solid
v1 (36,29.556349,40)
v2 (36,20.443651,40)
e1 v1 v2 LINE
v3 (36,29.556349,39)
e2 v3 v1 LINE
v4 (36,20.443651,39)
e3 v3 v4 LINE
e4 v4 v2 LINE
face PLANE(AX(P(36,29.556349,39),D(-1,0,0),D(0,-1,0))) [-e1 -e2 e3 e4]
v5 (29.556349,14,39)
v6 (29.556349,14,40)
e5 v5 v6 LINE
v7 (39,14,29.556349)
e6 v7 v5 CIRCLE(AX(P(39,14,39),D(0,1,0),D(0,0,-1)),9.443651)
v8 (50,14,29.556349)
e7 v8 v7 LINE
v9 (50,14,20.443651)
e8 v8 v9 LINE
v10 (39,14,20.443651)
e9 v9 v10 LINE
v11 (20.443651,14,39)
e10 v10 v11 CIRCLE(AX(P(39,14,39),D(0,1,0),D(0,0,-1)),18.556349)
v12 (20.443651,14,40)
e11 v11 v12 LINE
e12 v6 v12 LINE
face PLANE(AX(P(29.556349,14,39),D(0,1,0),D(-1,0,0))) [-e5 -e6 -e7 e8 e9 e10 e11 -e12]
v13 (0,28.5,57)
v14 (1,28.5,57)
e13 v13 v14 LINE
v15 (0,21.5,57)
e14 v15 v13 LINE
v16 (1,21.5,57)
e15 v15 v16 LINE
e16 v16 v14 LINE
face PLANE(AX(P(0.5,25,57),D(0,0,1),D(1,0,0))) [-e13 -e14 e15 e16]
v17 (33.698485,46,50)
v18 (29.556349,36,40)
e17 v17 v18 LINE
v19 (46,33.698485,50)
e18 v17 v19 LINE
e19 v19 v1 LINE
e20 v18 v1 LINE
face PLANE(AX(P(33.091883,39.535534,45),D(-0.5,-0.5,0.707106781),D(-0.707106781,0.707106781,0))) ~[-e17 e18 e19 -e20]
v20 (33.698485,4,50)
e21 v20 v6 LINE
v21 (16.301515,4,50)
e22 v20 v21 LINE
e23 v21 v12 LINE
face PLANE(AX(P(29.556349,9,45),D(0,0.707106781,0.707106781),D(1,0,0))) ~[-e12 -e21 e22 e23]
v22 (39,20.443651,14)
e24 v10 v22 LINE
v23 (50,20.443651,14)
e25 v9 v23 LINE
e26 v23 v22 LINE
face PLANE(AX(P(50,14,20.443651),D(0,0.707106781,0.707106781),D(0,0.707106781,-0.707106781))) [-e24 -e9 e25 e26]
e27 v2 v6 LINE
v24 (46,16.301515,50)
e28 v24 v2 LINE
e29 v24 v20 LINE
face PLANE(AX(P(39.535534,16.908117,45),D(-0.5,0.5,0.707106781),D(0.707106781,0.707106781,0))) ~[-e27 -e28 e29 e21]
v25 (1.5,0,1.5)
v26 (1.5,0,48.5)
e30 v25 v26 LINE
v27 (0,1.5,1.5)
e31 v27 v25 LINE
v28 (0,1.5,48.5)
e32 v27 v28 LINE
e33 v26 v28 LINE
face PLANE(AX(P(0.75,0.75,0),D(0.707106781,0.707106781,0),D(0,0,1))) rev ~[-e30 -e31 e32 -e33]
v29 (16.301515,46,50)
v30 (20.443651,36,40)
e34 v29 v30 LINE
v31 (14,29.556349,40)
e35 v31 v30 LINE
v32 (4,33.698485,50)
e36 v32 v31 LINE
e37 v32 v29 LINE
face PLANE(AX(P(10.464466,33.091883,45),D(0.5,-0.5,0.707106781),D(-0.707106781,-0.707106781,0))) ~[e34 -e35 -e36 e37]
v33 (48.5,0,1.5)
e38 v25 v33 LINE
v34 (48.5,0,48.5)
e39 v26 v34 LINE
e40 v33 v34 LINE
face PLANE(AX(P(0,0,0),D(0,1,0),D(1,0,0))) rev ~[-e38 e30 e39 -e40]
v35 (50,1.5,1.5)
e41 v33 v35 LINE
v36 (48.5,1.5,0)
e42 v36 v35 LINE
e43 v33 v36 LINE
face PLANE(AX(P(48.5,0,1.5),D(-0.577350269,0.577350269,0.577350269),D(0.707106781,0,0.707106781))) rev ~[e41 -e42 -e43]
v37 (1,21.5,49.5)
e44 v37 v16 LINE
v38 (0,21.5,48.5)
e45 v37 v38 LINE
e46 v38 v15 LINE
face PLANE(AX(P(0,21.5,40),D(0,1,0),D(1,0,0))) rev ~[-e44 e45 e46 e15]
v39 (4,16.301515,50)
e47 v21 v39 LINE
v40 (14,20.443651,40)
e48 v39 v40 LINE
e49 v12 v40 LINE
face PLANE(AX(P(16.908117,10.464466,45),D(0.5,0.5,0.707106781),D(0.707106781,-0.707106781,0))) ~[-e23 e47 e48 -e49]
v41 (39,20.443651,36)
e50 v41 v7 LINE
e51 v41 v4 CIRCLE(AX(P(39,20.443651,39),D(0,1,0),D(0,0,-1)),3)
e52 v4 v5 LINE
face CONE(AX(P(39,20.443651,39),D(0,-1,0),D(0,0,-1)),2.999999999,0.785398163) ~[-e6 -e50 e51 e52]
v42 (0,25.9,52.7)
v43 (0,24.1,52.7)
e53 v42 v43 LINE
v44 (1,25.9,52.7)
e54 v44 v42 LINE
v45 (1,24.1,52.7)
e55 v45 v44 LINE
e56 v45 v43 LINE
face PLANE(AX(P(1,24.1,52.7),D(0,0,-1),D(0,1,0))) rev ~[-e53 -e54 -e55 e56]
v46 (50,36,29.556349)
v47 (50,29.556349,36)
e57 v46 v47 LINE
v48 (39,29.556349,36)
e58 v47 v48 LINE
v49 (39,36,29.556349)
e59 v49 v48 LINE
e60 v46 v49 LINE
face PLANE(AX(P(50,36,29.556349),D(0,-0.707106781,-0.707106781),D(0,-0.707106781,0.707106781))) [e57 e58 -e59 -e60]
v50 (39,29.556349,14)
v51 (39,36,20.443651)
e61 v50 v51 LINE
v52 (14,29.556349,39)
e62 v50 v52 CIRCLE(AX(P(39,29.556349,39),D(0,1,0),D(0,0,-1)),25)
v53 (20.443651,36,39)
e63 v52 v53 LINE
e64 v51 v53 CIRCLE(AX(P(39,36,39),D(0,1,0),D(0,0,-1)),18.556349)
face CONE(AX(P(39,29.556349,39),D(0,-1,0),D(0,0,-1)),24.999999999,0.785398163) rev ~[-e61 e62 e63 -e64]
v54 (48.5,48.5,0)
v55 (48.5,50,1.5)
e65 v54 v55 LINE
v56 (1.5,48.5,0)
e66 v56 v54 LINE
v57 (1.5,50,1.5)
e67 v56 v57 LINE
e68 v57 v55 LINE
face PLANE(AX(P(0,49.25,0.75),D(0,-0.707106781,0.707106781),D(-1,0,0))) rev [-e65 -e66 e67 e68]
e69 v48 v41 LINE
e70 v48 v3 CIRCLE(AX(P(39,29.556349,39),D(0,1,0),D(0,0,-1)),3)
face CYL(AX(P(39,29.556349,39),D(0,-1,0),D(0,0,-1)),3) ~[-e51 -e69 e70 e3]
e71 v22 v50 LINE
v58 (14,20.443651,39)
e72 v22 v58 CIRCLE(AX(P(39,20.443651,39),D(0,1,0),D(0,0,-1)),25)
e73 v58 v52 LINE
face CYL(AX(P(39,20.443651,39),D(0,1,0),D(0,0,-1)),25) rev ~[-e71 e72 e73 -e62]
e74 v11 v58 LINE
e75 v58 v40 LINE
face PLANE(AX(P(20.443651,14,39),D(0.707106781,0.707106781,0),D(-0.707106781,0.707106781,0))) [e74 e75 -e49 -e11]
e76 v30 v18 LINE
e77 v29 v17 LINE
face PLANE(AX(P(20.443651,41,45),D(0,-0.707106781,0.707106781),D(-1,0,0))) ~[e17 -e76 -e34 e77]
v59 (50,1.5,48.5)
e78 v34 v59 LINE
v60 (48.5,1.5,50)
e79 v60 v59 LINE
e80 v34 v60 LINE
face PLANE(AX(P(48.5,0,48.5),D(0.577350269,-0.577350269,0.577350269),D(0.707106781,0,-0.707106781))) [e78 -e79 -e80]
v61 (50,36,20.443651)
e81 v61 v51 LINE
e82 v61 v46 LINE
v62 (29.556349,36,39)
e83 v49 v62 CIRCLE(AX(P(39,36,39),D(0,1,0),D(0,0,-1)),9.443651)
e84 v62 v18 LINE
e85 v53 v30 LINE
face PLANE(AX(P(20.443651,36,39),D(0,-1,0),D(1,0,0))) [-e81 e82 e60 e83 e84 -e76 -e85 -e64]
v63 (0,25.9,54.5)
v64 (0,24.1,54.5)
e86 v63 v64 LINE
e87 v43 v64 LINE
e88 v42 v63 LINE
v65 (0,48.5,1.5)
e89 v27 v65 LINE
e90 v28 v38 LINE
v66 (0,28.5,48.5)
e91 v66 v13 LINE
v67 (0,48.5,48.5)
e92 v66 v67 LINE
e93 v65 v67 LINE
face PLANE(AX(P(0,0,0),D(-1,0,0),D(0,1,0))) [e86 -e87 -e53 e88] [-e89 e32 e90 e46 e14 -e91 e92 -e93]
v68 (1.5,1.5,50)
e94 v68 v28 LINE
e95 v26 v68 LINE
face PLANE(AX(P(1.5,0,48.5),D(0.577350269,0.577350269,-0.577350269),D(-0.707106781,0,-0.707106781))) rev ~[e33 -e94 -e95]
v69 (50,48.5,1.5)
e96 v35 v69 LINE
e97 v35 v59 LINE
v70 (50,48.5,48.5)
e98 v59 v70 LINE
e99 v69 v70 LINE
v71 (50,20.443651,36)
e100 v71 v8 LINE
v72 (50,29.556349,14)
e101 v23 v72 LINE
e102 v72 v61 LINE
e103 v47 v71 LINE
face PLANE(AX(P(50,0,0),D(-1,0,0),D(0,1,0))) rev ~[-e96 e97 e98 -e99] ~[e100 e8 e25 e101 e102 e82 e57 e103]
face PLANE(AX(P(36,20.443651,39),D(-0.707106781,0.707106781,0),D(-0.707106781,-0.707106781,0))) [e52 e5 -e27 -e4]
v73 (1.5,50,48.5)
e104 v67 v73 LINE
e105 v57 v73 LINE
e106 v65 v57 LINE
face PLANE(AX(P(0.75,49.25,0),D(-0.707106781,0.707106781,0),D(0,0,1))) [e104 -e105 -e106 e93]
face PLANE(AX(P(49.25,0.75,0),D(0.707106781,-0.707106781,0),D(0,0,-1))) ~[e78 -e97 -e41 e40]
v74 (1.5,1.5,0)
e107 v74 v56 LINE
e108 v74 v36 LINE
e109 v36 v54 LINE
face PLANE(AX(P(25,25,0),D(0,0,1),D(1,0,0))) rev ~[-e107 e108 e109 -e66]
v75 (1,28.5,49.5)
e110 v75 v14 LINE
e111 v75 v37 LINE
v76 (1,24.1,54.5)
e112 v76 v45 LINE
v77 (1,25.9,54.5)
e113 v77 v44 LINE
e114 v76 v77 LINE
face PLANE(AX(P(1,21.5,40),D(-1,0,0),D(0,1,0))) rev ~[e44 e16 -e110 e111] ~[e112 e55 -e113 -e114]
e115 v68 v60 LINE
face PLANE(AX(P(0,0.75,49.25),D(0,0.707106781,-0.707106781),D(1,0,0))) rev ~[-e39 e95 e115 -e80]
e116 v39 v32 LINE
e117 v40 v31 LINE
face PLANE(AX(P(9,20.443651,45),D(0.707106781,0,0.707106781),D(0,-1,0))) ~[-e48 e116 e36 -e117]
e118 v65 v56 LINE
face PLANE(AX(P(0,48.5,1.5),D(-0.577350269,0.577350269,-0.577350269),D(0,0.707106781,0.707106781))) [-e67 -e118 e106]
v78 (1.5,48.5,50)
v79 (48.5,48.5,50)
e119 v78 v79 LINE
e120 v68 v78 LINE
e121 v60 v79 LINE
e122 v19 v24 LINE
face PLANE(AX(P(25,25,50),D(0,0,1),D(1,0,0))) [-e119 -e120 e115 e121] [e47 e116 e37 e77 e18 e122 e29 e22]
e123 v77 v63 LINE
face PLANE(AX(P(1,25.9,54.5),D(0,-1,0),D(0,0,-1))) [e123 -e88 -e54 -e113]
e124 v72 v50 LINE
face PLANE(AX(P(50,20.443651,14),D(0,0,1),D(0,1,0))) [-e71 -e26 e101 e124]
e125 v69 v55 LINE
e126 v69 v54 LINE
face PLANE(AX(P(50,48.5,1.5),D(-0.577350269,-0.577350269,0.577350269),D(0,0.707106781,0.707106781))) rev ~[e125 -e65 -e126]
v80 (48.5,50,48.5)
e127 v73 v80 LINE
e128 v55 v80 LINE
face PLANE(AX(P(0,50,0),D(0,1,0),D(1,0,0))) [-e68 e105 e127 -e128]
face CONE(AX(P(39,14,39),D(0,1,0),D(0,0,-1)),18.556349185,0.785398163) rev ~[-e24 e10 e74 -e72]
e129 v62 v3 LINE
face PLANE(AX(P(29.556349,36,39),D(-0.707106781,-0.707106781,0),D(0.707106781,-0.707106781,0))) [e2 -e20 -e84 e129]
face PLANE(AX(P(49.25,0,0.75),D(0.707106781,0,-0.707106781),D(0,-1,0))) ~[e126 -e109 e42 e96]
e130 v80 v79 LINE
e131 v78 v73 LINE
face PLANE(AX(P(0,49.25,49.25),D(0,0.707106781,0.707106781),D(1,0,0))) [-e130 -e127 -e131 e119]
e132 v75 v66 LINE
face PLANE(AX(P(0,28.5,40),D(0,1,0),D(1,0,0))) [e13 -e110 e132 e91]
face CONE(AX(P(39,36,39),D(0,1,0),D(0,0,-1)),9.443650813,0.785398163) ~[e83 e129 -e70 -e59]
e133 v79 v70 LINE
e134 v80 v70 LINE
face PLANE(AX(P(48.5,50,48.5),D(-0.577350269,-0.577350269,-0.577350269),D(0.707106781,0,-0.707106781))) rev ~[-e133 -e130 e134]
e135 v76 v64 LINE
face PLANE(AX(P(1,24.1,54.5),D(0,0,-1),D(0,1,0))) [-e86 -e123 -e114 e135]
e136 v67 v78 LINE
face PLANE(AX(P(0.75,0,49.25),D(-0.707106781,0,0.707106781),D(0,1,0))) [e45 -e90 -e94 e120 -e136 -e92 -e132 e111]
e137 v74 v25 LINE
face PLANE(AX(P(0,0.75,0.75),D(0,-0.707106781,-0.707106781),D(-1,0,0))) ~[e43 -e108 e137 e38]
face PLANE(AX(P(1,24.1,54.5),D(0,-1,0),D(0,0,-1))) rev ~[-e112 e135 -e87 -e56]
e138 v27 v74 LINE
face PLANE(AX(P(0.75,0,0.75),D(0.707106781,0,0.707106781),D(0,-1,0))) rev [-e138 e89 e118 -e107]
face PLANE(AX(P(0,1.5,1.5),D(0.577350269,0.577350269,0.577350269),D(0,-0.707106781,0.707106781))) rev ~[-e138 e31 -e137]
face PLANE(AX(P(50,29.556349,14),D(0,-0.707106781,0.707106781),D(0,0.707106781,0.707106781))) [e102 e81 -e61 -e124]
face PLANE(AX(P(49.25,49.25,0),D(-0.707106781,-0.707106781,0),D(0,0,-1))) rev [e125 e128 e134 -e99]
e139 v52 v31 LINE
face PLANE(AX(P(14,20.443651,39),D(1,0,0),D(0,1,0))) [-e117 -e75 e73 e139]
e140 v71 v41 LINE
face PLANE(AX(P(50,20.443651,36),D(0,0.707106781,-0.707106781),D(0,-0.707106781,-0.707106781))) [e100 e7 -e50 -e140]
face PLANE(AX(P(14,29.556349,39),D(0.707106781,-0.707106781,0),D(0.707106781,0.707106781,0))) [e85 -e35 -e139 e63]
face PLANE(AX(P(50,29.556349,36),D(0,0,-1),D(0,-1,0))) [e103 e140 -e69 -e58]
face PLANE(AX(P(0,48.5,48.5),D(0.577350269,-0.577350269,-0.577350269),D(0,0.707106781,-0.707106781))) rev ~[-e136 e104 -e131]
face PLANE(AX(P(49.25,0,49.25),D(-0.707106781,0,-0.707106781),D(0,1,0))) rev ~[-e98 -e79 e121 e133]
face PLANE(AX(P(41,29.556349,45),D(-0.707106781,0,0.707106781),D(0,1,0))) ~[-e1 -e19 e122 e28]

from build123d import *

# Parameters (mm, degrees)
SKETCH1_W                = 50
SKETCH1_H                = 50
BOSS_EXTRUDE1_DEPTH      = 50
CHAMFER1_SIZE            = 10
CHAMFER2_SIZE            = 1.5
BOSS_EXTRUDE2_DEPTH      = 7
BOSS_EXTRUDE2_DEPTH_BACK = 10
SKETCH10_W               = 1
SKETCH10_H               = 7
SKETCH11_W               = 1.8
SKETCH11_H               = 1.8
CUT_EXTRUDE1_DEPTH       = 7


with BuildPart() as part:
    # Sketch1 → Boss-Extrude1 (new body)
    with BuildSketch(Plane.XY):
        with Locations((25, 25)):
            Rectangle(SKETCH1_W, SKETCH1_H)
    extrude(amount=BOSS_EXTRUDE1_DEPTH)

    # Cut-Sweep5: sweep along a path in Sketch9
    with BuildLine(Plane(origin=(0, 25, 0), x_dir=(-1, 0, 0), z_dir=(0, -1, 0))) as cut_sweep5_path:
        Line((-50, -25), (-39, -25))
        ThreePointArc((-39, -25), (-29.100505063, -29.100505063), (-25, -39))
        Line((-25, -39), (-25, -50))
    # Sketch8 → Cut-Sweep5 (sweep, cut)
    with BuildSketch(Plane(origin=(50, 0, 0), x_dir=(0, 0, -1), z_dir=(1, 0, 0))):
        Polygon((-14, 29.556349186), (-20.443650814, 36), (-29.556349186, 36), (-36, 29.556349186), (-36, 20.443650814), (-29.556349186, 14), (-20.443650814, 14), (-14, 20.443650814), align=None)
    sweep(path=cut_sweep5_path.line, mode=Mode.SUBTRACT)

    # Chamfer1
    chamfer1_edges = [part.edges().sort_by_distance(p)[0] for p in [
        (17.221825407, 17.221825407, 50),
        (32.778174593, 17.221825407, 50),
        (36, 25, 50),
        (32.778174593, 32.778174593, 50),
        (17.221825407, 32.778174593, 50),
        (14, 25, 50),
        (25, 14, 50),
        (25, 36, 50),
    ]]
    chamfer(chamfer1_edges, length=CHAMFER1_SIZE)

    # Chamfer2
    chamfer2_edges = [part.edges().sort_by_distance(p)[0] for p in [
        (50, 25, 50),
        (25, 50, 50),
        (0, 25, 50),
        (25, 50, 0),
        (50, 25, 0),
        (25, 0, 0),
        (0, 25, 0),
        (25, 0, 50),
        (0, 50, 25),
        (50, 50, 25),
        (50, 0, 25),
        (0, 0, 25),
    ]]
    chamfer(chamfer2_edges, length=CHAMFER2_SIZE)

    # Sketch10 → Boss-Extrude2 (add, two sides: drawn at the far end of the back side and taken through both)
    with BuildSketch(Plane.XY.offset(50).offset(-BOSS_EXTRUDE2_DEPTH_BACK)):
        with Locations((0.5, 25)):
            Rectangle(SKETCH10_W, SKETCH10_H)
    extrude(amount=BOSS_EXTRUDE2_DEPTH + BOSS_EXTRUDE2_DEPTH_BACK)

    # Sketch11 → Cut-Extrude1 (cut)
    with BuildSketch(Plane(origin=(1, 0, 0), x_dir=(0, 0, -1), z_dir=(1, 0, 0))):
        with Locations((-53.6, 25)):
            Rectangle(SKETCH11_W, SKETCH11_H)
    extrude(amount=-CUT_EXTRUDE1_DEPTH, mode=Mode.SUBTRACT)


solid = part.part
